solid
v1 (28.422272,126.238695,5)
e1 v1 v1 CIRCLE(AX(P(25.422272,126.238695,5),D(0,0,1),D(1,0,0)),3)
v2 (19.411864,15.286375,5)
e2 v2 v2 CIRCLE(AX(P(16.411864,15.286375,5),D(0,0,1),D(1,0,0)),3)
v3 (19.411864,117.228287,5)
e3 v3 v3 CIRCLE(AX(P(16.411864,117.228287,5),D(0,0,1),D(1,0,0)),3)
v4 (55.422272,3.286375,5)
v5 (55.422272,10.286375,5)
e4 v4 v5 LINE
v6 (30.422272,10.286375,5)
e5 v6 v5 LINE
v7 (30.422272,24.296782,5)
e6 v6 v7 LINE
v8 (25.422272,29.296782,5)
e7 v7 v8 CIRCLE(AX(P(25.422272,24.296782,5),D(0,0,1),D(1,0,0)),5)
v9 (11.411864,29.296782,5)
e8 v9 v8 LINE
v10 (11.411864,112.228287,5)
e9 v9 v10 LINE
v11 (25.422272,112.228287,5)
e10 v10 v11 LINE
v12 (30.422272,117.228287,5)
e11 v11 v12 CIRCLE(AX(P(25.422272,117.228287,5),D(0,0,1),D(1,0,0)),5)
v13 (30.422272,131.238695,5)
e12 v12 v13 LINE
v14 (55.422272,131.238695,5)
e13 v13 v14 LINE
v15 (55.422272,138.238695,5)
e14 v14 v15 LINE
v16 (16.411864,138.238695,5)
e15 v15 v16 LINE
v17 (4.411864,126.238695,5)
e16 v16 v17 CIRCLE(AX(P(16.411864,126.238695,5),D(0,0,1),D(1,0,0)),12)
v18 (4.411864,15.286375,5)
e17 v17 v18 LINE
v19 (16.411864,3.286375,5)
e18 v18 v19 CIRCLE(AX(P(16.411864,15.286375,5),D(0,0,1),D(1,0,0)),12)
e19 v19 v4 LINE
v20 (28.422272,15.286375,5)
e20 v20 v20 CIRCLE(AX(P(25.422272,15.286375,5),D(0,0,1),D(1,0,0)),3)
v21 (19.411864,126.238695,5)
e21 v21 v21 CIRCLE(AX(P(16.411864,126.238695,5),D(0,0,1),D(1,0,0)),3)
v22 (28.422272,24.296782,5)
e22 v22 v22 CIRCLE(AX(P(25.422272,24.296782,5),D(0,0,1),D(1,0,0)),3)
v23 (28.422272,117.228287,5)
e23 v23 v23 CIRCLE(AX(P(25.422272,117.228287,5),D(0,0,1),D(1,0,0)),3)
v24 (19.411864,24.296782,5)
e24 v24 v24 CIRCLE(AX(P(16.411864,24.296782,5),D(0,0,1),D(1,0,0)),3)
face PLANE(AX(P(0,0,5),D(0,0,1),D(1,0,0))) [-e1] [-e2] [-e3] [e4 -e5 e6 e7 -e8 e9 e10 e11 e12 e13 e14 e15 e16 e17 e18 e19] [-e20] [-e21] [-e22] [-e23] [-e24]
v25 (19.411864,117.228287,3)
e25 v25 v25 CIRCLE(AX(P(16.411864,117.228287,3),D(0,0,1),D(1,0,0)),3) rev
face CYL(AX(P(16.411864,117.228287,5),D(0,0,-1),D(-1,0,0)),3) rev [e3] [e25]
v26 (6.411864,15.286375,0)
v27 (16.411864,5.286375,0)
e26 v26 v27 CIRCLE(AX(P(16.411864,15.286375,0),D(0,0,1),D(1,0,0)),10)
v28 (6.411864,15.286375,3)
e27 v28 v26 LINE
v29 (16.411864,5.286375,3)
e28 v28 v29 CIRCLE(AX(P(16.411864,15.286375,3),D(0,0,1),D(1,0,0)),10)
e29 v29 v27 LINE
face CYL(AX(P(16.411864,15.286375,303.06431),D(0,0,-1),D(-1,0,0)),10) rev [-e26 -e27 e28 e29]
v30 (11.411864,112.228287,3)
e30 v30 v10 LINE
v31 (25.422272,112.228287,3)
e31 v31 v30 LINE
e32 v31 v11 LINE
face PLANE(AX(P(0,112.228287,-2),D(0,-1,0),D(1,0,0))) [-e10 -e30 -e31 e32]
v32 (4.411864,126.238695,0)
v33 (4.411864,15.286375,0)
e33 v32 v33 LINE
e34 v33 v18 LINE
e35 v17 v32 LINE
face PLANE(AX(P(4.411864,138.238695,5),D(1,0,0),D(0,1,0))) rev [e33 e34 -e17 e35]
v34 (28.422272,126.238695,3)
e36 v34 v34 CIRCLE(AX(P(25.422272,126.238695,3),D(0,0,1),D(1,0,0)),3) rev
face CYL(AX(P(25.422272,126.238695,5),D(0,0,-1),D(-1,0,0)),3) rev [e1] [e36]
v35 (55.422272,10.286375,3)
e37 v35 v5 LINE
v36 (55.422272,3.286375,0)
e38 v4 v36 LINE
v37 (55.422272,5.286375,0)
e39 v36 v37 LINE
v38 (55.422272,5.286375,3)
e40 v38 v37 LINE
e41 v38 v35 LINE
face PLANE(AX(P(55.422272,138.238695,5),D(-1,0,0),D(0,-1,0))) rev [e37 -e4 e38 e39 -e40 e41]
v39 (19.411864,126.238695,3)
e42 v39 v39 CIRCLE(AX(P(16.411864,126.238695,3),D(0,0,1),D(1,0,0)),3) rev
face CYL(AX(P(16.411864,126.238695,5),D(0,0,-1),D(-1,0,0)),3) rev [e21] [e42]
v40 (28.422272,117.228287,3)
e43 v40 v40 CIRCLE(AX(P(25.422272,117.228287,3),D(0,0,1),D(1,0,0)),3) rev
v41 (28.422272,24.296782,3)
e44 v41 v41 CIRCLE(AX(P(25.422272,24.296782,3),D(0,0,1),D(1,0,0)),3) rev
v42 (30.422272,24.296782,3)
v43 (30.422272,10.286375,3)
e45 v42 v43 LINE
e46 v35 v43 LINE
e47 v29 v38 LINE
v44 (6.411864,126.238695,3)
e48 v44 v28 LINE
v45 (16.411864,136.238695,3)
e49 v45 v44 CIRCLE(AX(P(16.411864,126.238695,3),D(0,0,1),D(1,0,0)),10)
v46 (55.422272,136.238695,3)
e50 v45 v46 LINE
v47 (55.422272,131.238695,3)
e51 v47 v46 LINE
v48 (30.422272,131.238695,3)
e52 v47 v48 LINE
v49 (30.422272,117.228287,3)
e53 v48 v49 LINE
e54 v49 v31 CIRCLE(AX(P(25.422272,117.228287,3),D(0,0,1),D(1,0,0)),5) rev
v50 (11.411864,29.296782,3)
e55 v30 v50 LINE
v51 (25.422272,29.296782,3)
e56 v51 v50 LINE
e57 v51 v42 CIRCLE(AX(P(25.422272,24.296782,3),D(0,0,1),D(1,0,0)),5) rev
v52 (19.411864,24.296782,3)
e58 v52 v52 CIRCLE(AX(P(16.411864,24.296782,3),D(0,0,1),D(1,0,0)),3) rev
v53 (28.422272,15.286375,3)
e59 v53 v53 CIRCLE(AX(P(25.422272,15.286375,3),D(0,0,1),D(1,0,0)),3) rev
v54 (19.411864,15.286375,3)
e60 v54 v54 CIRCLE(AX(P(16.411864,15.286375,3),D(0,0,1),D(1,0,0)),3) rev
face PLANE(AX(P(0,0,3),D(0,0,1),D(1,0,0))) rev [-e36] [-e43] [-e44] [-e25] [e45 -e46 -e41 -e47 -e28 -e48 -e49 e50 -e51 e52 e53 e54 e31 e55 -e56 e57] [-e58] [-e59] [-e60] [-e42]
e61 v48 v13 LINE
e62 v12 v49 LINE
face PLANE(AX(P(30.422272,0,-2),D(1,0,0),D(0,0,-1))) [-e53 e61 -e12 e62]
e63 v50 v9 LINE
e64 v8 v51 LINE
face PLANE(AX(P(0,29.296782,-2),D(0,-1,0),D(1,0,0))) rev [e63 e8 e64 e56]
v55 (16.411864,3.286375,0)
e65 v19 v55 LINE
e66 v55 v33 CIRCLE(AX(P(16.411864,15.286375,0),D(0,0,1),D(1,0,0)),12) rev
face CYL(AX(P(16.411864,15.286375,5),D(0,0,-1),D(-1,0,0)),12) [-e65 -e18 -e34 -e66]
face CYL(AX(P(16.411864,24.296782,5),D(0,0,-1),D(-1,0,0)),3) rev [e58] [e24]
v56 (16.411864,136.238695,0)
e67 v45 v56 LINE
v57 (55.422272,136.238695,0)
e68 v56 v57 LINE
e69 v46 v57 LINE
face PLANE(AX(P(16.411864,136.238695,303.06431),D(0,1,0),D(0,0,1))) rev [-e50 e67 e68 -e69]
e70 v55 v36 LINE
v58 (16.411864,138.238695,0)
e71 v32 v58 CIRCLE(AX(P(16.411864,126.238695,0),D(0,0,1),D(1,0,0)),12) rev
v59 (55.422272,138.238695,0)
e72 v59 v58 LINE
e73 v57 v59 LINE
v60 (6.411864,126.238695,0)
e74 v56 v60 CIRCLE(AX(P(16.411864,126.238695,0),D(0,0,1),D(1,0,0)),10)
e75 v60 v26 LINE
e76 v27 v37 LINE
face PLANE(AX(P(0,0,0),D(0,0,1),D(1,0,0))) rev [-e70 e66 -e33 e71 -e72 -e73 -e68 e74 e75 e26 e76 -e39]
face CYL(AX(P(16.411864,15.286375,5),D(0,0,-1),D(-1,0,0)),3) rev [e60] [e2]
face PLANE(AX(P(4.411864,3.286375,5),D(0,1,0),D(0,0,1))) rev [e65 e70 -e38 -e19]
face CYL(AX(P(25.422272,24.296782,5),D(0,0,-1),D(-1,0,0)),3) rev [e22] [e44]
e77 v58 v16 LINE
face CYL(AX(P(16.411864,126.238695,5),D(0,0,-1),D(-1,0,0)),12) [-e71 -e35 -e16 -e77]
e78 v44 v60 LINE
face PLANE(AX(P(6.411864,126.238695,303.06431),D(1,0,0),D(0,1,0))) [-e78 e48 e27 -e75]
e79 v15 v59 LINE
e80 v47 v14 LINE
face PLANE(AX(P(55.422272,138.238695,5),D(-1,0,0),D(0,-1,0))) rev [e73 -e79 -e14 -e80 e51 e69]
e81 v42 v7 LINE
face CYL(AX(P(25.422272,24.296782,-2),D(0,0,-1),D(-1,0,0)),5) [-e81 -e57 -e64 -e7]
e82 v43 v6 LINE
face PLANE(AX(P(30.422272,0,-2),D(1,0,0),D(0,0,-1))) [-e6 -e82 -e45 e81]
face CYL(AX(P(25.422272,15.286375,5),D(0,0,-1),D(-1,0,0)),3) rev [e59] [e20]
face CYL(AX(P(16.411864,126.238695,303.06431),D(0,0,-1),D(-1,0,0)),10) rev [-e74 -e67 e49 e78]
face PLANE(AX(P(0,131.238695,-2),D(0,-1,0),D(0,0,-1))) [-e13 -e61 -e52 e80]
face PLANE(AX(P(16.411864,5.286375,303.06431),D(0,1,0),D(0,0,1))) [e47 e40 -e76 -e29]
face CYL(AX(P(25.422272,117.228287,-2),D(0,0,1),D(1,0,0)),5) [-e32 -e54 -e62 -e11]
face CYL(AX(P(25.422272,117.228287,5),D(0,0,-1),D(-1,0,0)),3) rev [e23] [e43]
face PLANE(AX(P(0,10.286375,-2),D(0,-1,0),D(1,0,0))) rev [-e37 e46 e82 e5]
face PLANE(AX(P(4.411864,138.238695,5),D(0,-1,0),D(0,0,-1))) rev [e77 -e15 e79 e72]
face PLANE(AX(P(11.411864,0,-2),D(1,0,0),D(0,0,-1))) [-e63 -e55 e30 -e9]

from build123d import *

# Parameters (mm, degrees)
SKETCH24_W              = 19.01040764
SKETCH24_H              = 82.93150469
SKETCH24_W_2            = 50
SKETCH24_H_2            = 120.95231997
BOSS_EXTRUDE1_DEPTH     = 2
SKETCH25_W              = 51.01040764
SKETCH25_H              = 134.95231997
BOSS_EXTRUDE2_DEPTH     = 5
CUT_EXTRUDE2_DEPTH      = 303.633154318
CUT_EXTRUDE2_DEPTH_BACK = 303.633154318
SKETCH24_3_W            = 19.01040764
SKETCH24_3_H            = 82.93150469
SKETCH24_3_W_2          = 50
SKETCH24_3_H_2          = 120.95231997
CUT_EXTRUDE3_DEPTH      = 3
FILLET1_R               = 12
SKETCH28_R              = 3
CUT_EXTRUDE4_DEPTH      = 150.018673002
FILLET2_R               = 5


with BuildPart() as part:
    # Sketch24 → Boss-Extrude1 (new body)
    with BuildSketch(Plane.XY):
        with Locations((20.91706823, 70.762534541)):
            Rectangle(SKETCH24_W, SKETCH24_H)
        with Locations((55.42227205, 70.762534541)):
            Rectangle(SKETCH24_W_2, SKETCH24_H_2)
        Polygon((250.158478802, 10.286374556), (250.158478802, 29.296782196), (250.158478802, 112.228286886), (250.158478802, 131.238694526), (200.158478802, 131.238694526), (200.158478802, 10.286374556), align=None)
        with Locations((259.663682622, 70.762534541)):
            Rectangle(SKETCH24_W, SKETCH24_H)
    extrude(amount=-BOSS_EXTRUDE1_DEPTH)

    # Sketch25 → Boss-Extrude2 (add)
    with BuildSketch(Plane.XY):
        with Locations((29.91706823, 70.762534541)):
            Rectangle(SKETCH25_W, SKETCH25_H)
    extrude(amount=BOSS_EXTRUDE2_DEPTH)

    # Sketch24<3> → Cut-Extrude2 (cut, two sides: drawn at the far end of the back side and taken through both)
    with BuildSketch(Plane.XY.offset(-CUT_EXTRUDE2_DEPTH_BACK)):
        with Locations((20.91706823, 70.762534541)):
            Rectangle(SKETCH24_3_W, SKETCH24_3_H)
        with Locations((55.42227205, 70.762534541)):
            Rectangle(SKETCH24_3_W_2, SKETCH24_3_H_2)
        Polygon((250.158478802, 10.286374556), (250.158478802, 29.296782196), (250.158478802, 112.228286886), (250.158478802, 131.238694526), (200.158478802, 131.238694526), (200.158478802, 10.286374556), align=None)
        with Locations((259.663682622, 70.762534541)):
            Rectangle(SKETCH24_3_W, SKETCH24_3_H)
    extrude(amount=CUT_EXTRUDE2_DEPTH + CUT_EXTRUDE2_DEPTH_BACK, mode=Mode.SUBTRACT)

    # Sketch2 → Cut-Extrude3 (cut)
    with BuildSketch(Plane.XY):
        with BuildLine():
            Line((16.41186441, 136.238694526), (264.168886442, 136.238694526))
            ThreePointArc((264.168886442, 136.238694526), (271.239954254, 133.309762338), (274.168886442, 126.238694526))
            Line((274.168886442, 126.238694526), (274.168886442, 15.286374556))
            ThreePointArc((274.168886442, 15.286374556), (271.239954254, 8.215306744), (264.168886442, 5.286374556))
            Line((264.168886442, 5.286374556), (16.41186441, 5.286374556))
            ThreePointArc((16.41186441, 5.286374556), (9.340796598, 8.215306744), (6.41186441, 15.286374556))
            Line((6.41186441, 15.286374556), (6.41186441, 126.238694526))
            ThreePointArc((6.41186441, 126.238694526), (9.340796598, 133.309762338), (16.41186441, 136.238694526))
        make_face()
    extrude(amount=CUT_EXTRUDE3_DEPTH, mode=Mode.SUBTRACT)

    # Fillet1
    fillet1_edges = [part.edges().sort_by_distance(p)[0] for p in [
        (4.41186441, 138.238694526, 2.5),
        (4.41186441, 3.286374556, 2.5),
    ]]
    fillet(fillet1_edges, radius=FILLET1_R)

    # Sketch28 → Cut-Extrude4 (cut, through all)
    with BuildSketch(Plane.XY):
        with Locations((25.42227205, 117.228286886)):
            Circle(SKETCH28_R)
        with Locations((16.41186441, 15.286374556)):
            Circle(SKETCH28_R)
        with Locations((16.41186441, 117.228286886)):
            Circle(SKETCH28_R)
        with Locations((25.42227205, 15.286374556)):
            Circle(SKETCH28_R)
        with Locations((25.42227205, 24.296782196)):
            Circle(SKETCH28_R)
        with Locations((16.41186441, 24.296782196)):
            Circle(SKETCH28_R)
        with Locations((25.42227205, 126.238694526)):
            Circle(SKETCH28_R)
        with Locations((16.41186441, 126.238694526)):
            Circle(SKETCH28_R)
    extrude(amount=CUT_EXTRUDE4_DEPTH, mode=Mode.SUBTRACT)

    # Fillet2
    fillet2_edges = [part.edges().sort_by_distance(p)[0] for p in [
        (30.42227205, 29.296782196, 4),
        (30.42227205, 112.228286886, 4),
    ]]
    fillet(fillet2_edges, radius=FILLET2_R)


solid = part.part
